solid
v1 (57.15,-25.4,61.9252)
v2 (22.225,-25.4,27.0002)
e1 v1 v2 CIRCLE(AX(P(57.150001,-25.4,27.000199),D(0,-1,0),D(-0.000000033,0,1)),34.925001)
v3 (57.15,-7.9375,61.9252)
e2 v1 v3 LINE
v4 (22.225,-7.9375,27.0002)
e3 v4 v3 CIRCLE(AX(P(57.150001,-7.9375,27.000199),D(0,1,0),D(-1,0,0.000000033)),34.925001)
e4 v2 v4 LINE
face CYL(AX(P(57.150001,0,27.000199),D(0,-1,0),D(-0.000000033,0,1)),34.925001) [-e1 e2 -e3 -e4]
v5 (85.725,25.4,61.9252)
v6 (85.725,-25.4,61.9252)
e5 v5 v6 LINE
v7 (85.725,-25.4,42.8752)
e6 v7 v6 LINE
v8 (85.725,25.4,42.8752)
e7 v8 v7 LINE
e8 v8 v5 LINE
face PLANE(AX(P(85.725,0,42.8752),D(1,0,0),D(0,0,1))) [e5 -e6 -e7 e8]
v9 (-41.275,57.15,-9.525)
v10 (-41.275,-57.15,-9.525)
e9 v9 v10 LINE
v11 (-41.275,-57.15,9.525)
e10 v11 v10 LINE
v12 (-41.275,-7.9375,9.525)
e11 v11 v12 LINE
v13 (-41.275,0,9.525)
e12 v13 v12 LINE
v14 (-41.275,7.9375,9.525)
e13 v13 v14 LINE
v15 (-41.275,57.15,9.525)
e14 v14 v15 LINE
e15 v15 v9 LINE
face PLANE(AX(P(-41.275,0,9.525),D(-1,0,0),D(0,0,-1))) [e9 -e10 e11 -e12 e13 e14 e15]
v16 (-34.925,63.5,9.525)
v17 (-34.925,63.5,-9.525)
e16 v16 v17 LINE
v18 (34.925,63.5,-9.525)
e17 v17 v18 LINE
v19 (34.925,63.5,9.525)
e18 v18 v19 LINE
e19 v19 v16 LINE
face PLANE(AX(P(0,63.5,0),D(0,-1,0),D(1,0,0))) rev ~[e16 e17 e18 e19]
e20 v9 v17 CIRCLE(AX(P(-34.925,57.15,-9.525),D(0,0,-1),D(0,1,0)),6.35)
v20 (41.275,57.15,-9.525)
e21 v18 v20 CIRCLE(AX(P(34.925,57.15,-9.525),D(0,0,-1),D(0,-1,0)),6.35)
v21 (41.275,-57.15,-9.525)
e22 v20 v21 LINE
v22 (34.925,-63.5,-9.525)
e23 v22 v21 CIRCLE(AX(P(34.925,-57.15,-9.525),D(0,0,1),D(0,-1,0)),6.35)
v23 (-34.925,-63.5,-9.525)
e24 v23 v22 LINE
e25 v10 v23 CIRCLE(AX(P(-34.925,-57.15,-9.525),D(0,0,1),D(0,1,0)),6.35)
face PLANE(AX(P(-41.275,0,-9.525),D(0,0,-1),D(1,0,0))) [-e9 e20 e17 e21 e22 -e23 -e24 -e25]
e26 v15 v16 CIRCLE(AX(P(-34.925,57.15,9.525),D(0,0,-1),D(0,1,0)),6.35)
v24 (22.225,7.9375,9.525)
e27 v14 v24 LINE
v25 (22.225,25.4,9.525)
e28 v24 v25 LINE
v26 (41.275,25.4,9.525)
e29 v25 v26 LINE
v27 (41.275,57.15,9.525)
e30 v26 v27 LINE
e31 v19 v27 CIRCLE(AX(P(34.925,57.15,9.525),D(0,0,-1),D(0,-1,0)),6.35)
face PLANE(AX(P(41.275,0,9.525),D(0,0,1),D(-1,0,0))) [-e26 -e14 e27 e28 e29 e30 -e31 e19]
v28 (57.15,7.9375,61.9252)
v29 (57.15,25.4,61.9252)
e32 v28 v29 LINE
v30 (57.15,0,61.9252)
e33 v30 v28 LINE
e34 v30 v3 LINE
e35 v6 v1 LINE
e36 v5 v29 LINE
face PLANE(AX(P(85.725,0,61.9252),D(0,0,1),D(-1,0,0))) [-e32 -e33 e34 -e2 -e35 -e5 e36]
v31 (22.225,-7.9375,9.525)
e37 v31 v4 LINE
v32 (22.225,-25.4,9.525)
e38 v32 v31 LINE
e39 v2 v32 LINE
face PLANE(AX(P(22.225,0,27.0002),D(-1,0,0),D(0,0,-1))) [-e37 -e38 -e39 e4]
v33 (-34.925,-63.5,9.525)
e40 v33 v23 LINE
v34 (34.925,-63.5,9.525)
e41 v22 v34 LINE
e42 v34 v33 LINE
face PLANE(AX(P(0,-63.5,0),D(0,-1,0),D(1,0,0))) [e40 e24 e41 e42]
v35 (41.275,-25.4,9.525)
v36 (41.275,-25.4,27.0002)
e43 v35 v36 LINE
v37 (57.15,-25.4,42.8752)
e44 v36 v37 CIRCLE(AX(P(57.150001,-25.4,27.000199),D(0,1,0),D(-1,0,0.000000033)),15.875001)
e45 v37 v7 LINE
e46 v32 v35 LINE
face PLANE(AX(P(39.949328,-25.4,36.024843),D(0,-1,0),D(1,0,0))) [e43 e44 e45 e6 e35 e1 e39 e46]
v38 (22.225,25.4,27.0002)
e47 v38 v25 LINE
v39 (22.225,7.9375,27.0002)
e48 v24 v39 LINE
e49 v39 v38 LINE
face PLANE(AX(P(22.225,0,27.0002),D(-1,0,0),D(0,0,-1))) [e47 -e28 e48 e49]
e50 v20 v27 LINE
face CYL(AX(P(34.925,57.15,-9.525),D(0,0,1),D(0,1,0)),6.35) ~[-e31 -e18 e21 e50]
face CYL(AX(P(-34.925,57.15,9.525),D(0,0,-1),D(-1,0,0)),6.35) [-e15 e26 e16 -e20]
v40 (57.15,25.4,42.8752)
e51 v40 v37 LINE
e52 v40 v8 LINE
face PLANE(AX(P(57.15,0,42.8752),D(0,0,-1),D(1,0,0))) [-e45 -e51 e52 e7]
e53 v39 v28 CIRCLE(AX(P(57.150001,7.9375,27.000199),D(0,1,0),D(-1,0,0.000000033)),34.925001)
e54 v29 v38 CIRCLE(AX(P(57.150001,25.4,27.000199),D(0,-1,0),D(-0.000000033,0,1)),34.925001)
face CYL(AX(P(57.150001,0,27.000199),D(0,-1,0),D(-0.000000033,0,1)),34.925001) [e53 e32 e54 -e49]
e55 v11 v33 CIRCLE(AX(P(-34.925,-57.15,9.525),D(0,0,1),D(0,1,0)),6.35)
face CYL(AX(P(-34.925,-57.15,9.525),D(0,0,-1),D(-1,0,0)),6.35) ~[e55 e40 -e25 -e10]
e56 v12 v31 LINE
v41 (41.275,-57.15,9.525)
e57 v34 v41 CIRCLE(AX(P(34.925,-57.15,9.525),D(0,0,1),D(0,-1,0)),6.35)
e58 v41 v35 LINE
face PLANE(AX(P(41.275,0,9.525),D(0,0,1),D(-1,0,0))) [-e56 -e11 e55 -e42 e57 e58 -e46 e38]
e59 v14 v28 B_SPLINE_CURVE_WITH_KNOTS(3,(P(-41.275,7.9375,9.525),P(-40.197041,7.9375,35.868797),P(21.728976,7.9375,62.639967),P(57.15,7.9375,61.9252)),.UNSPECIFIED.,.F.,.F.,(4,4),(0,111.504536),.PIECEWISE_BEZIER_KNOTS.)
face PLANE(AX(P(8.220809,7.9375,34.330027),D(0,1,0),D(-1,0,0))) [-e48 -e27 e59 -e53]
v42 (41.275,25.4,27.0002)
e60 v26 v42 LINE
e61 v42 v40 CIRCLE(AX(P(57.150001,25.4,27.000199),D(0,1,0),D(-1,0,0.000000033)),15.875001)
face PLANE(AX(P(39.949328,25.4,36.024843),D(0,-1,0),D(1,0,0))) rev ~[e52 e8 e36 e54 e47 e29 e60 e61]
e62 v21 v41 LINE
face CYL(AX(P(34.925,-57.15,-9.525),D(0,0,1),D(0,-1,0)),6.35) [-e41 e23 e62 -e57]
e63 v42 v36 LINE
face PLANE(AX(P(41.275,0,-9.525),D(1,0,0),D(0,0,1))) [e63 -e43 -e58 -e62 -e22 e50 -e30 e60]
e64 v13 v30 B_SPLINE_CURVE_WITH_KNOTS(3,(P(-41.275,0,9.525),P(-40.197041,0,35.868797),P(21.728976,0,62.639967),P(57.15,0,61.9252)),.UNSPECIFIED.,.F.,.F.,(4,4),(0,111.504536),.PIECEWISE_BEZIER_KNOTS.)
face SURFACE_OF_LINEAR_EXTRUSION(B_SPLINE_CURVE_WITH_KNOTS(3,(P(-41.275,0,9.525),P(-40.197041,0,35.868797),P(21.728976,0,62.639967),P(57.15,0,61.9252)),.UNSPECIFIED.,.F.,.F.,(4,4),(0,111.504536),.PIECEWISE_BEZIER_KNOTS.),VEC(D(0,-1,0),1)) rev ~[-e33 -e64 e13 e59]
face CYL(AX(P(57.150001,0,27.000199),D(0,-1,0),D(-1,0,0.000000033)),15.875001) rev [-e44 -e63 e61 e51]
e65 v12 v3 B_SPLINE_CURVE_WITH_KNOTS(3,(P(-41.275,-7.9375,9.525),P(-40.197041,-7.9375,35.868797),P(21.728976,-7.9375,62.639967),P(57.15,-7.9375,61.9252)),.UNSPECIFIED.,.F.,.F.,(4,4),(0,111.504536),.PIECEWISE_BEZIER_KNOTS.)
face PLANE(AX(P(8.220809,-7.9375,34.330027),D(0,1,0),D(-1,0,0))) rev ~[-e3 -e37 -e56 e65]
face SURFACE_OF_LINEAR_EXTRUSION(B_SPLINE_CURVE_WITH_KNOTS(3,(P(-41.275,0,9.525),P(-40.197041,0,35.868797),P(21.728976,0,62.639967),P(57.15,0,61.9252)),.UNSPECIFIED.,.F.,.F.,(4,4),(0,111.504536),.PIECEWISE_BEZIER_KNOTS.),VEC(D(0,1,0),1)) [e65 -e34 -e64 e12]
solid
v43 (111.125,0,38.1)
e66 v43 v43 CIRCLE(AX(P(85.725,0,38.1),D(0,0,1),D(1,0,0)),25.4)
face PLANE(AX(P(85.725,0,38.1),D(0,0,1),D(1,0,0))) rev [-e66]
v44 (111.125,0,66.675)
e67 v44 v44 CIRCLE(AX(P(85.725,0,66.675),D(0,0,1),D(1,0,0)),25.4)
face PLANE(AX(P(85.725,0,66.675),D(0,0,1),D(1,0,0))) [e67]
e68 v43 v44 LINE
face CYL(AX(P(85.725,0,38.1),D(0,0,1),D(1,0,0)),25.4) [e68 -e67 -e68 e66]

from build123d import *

# Parameters (mm, degrees)
F1_DEPTH = 63.5
F0_W     = 25.4
F0_H     = 19.05
F2_DEPTH = 25.4
F3_DEPTH = 7.9375
F4_R     = 6.35


with BuildPart() as f1:
    # F0 (on Front) → F1 (new body, symmetric)
    with BuildSketch(Plane.XZ):
        Polygon((-41.275, 9.525), (-41.275, -9.525), (41.275, -9.525), (41.275, 9.525), (22.225, 9.525), align=None)
    extrude(amount=F1_DEPTH, both=True)

    # F0 (on Front) → F2 (join, symmetric)
    with BuildSketch(Plane.XZ):
        with BuildLine():
            Line((22.225, 9.525), (41.275, 9.525))
            Line((41.275, 9.525), (41.275, 27.0002))
            ThreePointArc((41.275, 27.0002), (45.92468, 38.22552), (57.15, 42.8752))
            Line((57.15, 42.8752), (60.325, 42.8752))
            Line((60.325, 42.8752), (60.325, 61.9252))
            Line((60.325, 61.9252), (57.15, 61.9252))
            ThreePointArc((57.15, 61.9252), (32.454296, 51.695904), (22.225, 27.0002))
            Line((22.225, 27.0002), (22.225, 9.525))
        make_face()
        with Locations((73.025, 52.4002)):
            Rectangle(F0_W, F0_H)
    extrude(amount=F2_DEPTH, both=True)

    # F0 (on Front) → F3 (join, symmetric)
    with BuildSketch(Plane.XZ):
        with BuildLine():
            add(Edge.make_bspline(
                [(-41.275, 9.525), (-40.197041, 35.868797), (21.728976, 62.639967), (57.15, 61.9252)],
                knots=[0, 0, 0, 0, 111.504536, 111.504536, 111.504536, 111.504536], degree=3))
            Line((-41.275, 9.525), (22.225, 9.525))
            Line((22.225, 9.525), (22.225, 27.0002))
            ThreePointArc((22.225, 27.0002), (32.454296, 51.695904), (57.15, 61.9252))
        make_face()
    extrude(amount=F3_DEPTH, both=True)

    # F4
    f4_edges = [f1.edges().sort_by_distance(p)[0] for p in [
        (-41.275, -63.5, 0),
        (41.275, -63.5, 0),
        (41.275, 63.5, 0),
        (-41.275, 63.5, 0),
    ]]
    fillet(f4_edges, radius=F4_R)


with BuildPart() as f5:
    # F0 (on Front) → F5 (revolve)
    with BuildSketch(Plane.XZ):
        Polygon((85.725, 66.675), (85.725, 61.9252), (85.725, 42.8752), (85.725, 38.1), (111.125, 38.1), (111.125, 66.675), align=None)
    revolve(axis=Axis((85.725, 0, 52.3875), (0, 0, 1)))


solid = Compound([f1.part, f5.part])
